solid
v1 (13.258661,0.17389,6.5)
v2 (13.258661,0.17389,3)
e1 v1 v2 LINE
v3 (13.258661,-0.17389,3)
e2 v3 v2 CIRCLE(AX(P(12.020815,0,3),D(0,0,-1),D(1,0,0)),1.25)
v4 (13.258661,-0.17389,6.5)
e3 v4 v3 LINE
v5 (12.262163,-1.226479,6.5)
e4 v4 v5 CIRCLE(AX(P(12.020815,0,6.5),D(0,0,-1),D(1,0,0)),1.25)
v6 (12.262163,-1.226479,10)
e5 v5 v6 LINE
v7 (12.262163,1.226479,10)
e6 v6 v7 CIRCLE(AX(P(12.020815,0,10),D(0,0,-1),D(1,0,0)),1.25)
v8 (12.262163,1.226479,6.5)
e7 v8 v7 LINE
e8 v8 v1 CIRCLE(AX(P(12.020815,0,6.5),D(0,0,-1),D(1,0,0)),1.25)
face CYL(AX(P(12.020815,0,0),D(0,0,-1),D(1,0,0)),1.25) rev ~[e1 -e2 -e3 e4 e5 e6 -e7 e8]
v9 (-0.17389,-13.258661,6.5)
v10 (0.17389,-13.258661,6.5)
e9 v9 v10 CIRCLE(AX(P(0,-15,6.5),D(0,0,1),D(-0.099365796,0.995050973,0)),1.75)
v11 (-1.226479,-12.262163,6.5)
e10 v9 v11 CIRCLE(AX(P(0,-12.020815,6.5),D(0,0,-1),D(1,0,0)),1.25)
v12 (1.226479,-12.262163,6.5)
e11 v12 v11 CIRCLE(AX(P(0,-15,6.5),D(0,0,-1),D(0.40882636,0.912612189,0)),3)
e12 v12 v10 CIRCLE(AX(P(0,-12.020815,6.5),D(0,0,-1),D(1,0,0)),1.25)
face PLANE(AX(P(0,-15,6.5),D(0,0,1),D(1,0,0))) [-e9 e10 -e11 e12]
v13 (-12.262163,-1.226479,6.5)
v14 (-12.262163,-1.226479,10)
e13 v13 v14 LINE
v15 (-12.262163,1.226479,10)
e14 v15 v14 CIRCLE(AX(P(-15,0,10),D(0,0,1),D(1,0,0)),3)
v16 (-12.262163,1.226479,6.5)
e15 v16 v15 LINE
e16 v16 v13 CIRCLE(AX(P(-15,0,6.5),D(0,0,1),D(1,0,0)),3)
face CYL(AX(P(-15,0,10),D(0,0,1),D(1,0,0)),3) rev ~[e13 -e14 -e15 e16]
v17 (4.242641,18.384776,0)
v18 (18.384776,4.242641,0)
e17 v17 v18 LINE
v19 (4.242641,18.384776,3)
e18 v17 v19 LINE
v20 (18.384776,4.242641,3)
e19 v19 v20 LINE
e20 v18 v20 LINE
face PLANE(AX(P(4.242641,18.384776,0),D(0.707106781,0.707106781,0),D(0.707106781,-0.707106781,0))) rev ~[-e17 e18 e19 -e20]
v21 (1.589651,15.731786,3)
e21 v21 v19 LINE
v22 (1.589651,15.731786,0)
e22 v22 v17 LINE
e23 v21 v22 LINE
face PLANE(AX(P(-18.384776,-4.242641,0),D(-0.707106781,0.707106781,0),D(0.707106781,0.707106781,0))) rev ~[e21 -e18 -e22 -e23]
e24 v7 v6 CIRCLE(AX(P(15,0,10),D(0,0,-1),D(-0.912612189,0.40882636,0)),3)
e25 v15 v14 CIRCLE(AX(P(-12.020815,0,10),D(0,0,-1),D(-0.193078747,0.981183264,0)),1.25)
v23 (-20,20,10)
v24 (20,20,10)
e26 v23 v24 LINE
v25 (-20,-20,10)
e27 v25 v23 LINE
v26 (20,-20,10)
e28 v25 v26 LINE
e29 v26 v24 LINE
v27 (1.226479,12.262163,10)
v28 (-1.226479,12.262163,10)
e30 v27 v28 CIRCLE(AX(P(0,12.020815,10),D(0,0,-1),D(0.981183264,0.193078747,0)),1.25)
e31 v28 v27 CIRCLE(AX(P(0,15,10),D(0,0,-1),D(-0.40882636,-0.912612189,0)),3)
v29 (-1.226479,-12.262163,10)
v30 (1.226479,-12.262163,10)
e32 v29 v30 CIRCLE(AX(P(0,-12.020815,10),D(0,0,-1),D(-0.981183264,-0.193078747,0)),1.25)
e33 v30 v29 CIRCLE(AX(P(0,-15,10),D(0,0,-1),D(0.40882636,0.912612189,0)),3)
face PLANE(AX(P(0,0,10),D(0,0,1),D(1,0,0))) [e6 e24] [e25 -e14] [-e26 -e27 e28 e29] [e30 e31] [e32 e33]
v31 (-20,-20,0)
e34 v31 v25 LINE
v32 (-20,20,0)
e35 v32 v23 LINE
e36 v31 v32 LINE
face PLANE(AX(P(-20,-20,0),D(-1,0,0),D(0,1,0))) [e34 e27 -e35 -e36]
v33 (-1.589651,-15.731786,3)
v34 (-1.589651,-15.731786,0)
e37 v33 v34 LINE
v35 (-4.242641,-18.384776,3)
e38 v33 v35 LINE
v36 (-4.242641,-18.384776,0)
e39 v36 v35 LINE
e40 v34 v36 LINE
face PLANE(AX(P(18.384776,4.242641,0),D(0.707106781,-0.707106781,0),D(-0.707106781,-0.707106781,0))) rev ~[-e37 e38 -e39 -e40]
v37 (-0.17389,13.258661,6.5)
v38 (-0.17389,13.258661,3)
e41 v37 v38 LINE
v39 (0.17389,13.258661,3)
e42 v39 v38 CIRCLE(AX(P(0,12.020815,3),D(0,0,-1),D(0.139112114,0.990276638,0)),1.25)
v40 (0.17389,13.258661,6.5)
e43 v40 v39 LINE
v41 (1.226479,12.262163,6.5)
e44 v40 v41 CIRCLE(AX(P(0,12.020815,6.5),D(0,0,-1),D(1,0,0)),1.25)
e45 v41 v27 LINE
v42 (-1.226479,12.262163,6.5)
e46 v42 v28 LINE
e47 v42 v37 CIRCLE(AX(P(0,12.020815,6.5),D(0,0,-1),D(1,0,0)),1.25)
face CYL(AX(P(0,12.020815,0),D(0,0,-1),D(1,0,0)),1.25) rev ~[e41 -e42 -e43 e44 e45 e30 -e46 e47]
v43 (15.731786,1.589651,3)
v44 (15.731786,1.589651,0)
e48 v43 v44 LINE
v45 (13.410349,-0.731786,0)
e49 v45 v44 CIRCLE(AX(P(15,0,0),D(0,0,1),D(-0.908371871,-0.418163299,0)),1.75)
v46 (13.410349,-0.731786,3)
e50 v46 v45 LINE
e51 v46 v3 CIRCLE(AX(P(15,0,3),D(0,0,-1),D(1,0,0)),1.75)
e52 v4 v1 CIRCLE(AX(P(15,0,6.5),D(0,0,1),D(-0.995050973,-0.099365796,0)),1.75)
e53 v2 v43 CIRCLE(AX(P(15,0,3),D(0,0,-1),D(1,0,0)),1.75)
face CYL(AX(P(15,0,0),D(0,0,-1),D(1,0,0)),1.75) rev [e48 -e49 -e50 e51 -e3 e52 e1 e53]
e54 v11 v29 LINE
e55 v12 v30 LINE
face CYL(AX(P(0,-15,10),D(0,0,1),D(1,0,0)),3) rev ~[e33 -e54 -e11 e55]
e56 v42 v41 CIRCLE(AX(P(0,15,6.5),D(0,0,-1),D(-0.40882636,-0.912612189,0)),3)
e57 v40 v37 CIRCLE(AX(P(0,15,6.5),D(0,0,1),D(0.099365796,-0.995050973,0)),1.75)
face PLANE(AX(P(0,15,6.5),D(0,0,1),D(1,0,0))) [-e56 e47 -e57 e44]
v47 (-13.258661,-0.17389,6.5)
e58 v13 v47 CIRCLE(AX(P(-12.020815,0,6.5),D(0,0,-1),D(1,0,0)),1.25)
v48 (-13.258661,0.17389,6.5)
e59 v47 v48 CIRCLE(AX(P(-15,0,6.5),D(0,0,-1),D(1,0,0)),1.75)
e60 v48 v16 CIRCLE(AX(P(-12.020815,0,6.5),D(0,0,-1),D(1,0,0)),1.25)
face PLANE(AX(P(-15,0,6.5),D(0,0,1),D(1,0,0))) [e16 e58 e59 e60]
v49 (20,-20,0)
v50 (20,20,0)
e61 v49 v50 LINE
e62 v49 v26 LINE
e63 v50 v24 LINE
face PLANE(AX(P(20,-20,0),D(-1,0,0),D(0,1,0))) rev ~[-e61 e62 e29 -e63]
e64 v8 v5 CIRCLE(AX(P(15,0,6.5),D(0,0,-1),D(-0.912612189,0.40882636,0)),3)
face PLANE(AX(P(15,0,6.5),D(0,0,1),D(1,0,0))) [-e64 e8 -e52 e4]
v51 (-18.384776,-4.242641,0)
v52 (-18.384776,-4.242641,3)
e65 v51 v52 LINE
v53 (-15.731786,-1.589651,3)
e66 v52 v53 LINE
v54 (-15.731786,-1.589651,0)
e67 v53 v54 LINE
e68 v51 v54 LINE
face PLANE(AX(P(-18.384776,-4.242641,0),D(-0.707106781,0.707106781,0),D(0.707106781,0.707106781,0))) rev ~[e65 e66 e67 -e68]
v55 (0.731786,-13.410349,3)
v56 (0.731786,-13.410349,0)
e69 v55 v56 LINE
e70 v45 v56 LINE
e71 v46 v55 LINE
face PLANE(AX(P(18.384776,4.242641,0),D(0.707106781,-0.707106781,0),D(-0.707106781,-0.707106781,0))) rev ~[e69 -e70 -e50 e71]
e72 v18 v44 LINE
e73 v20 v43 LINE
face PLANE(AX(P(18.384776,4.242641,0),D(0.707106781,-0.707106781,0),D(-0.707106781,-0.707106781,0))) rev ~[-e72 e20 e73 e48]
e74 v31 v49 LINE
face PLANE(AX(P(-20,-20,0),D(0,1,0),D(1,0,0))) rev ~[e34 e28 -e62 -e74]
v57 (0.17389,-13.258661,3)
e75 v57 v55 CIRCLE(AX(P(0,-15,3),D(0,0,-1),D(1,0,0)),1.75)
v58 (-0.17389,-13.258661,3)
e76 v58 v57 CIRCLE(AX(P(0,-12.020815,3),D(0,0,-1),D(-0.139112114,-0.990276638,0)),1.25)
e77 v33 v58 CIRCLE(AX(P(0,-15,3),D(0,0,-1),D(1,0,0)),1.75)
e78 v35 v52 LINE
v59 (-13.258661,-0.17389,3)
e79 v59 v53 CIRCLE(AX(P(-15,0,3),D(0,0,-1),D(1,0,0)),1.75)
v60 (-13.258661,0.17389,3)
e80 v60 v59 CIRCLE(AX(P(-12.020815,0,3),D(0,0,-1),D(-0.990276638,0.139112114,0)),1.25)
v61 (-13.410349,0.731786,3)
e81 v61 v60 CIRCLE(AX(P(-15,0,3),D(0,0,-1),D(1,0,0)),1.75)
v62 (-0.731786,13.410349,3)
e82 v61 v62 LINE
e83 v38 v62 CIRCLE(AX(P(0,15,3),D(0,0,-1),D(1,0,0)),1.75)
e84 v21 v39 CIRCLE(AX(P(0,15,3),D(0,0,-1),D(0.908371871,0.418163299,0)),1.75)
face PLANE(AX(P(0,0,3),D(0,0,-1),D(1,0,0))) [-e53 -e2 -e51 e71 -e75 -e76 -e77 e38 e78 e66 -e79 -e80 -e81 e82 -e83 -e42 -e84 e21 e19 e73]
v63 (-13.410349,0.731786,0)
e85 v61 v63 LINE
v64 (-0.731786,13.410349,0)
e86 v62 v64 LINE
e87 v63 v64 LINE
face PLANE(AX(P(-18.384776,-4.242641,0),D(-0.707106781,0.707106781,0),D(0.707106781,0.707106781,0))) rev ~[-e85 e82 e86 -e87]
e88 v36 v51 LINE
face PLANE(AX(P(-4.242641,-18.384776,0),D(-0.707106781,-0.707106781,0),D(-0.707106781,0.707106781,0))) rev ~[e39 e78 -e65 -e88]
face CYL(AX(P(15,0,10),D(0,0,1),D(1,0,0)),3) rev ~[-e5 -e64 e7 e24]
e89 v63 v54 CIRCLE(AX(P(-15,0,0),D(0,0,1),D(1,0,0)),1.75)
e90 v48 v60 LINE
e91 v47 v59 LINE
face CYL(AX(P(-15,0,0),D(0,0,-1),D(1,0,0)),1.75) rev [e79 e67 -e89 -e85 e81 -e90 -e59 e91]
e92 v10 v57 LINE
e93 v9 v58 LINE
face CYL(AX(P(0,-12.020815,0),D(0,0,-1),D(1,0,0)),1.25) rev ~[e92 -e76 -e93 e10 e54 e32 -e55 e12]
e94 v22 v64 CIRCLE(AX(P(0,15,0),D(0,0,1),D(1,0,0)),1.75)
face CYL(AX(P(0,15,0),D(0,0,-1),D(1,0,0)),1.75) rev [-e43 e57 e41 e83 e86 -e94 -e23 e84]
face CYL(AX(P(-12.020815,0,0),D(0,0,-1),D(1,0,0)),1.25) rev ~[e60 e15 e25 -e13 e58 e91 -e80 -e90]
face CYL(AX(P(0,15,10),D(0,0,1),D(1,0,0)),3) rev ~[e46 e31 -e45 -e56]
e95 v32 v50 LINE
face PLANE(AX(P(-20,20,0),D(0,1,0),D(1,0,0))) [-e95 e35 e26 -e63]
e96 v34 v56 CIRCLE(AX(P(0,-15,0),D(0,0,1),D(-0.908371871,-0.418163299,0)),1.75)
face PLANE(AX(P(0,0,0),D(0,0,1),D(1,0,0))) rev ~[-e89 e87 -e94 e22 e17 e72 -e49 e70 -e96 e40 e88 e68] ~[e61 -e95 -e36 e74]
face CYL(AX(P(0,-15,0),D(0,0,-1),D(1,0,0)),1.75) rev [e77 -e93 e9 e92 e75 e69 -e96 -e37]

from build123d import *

# Parameters (mm, degrees)
F0_W     = 40
F0_H     = 40
F0_R     = 1.75
F1_DEPTH = 10
F2_R     = 3
F3_DEPTH = 3.5
F5_DEPTH = 3
F6_R     = 1.25
F7_DEPTH = 10.001


with BuildPart() as f1:
    # F0 (on Top) → F1 (new body)
    with BuildSketch(Plane.XY):
        Rectangle(F0_W, F0_H)
        with Locations((0, -15)):
            Circle(F0_R, mode=Mode.SUBTRACT)
        with Locations((-15, 0)):
            Circle(F0_R, mode=Mode.SUBTRACT)
        with Locations((15, 0)):
            Circle(F0_R, mode=Mode.SUBTRACT)
        with Locations((0, 15)):
            Circle(F0_R, mode=Mode.SUBTRACT)
    extrude(amount=F1_DEPTH)

    # F2 (on face) → F3 (cut)
    with BuildSketch(Plane.XY.offset(10)):
        with Locations((-15, 0)):
            Circle(F2_R)
        with Locations((0, 15)):
            Circle(F2_R)
        with Locations((15, 0)):
            Circle(F2_R)
        with Locations((0, -15)):
            Circle(F2_R)
    extrude(amount=-F3_DEPTH, mode=Mode.SUBTRACT)

    # F4 (on face) → F5 (cut)
    with BuildSketch(Plane(origin=(0, 0, 0), x_dir=(1, 0, 0), z_dir=(0, 0, -1))):
        Polygon((4.242641, -18.384776), (18.384776, -4.242641), (-4.242641, 18.384776), (-18.384776, 4.242641), align=None)
    extrude(amount=-F5_DEPTH, mode=Mode.SUBTRACT)

    # F6 (on face) → F7 (cut, through all)
    with BuildSketch(Plane(origin=(0, 0, 0), x_dir=(1, 0, 0), z_dir=(0, 0, -1))):
        with Locations((0, 12.020815)):
            Circle(F6_R)
        with Locations((12.020815, 0)):
            Circle(F6_R)
        with Locations((-12.020815, 0)):
            Circle(F6_R)
        with Locations((0, -12.020815)):
            Circle(F6_R)
    extrude(amount=-F7_DEPTH, mode=Mode.SUBTRACT)


solid = f1.part
